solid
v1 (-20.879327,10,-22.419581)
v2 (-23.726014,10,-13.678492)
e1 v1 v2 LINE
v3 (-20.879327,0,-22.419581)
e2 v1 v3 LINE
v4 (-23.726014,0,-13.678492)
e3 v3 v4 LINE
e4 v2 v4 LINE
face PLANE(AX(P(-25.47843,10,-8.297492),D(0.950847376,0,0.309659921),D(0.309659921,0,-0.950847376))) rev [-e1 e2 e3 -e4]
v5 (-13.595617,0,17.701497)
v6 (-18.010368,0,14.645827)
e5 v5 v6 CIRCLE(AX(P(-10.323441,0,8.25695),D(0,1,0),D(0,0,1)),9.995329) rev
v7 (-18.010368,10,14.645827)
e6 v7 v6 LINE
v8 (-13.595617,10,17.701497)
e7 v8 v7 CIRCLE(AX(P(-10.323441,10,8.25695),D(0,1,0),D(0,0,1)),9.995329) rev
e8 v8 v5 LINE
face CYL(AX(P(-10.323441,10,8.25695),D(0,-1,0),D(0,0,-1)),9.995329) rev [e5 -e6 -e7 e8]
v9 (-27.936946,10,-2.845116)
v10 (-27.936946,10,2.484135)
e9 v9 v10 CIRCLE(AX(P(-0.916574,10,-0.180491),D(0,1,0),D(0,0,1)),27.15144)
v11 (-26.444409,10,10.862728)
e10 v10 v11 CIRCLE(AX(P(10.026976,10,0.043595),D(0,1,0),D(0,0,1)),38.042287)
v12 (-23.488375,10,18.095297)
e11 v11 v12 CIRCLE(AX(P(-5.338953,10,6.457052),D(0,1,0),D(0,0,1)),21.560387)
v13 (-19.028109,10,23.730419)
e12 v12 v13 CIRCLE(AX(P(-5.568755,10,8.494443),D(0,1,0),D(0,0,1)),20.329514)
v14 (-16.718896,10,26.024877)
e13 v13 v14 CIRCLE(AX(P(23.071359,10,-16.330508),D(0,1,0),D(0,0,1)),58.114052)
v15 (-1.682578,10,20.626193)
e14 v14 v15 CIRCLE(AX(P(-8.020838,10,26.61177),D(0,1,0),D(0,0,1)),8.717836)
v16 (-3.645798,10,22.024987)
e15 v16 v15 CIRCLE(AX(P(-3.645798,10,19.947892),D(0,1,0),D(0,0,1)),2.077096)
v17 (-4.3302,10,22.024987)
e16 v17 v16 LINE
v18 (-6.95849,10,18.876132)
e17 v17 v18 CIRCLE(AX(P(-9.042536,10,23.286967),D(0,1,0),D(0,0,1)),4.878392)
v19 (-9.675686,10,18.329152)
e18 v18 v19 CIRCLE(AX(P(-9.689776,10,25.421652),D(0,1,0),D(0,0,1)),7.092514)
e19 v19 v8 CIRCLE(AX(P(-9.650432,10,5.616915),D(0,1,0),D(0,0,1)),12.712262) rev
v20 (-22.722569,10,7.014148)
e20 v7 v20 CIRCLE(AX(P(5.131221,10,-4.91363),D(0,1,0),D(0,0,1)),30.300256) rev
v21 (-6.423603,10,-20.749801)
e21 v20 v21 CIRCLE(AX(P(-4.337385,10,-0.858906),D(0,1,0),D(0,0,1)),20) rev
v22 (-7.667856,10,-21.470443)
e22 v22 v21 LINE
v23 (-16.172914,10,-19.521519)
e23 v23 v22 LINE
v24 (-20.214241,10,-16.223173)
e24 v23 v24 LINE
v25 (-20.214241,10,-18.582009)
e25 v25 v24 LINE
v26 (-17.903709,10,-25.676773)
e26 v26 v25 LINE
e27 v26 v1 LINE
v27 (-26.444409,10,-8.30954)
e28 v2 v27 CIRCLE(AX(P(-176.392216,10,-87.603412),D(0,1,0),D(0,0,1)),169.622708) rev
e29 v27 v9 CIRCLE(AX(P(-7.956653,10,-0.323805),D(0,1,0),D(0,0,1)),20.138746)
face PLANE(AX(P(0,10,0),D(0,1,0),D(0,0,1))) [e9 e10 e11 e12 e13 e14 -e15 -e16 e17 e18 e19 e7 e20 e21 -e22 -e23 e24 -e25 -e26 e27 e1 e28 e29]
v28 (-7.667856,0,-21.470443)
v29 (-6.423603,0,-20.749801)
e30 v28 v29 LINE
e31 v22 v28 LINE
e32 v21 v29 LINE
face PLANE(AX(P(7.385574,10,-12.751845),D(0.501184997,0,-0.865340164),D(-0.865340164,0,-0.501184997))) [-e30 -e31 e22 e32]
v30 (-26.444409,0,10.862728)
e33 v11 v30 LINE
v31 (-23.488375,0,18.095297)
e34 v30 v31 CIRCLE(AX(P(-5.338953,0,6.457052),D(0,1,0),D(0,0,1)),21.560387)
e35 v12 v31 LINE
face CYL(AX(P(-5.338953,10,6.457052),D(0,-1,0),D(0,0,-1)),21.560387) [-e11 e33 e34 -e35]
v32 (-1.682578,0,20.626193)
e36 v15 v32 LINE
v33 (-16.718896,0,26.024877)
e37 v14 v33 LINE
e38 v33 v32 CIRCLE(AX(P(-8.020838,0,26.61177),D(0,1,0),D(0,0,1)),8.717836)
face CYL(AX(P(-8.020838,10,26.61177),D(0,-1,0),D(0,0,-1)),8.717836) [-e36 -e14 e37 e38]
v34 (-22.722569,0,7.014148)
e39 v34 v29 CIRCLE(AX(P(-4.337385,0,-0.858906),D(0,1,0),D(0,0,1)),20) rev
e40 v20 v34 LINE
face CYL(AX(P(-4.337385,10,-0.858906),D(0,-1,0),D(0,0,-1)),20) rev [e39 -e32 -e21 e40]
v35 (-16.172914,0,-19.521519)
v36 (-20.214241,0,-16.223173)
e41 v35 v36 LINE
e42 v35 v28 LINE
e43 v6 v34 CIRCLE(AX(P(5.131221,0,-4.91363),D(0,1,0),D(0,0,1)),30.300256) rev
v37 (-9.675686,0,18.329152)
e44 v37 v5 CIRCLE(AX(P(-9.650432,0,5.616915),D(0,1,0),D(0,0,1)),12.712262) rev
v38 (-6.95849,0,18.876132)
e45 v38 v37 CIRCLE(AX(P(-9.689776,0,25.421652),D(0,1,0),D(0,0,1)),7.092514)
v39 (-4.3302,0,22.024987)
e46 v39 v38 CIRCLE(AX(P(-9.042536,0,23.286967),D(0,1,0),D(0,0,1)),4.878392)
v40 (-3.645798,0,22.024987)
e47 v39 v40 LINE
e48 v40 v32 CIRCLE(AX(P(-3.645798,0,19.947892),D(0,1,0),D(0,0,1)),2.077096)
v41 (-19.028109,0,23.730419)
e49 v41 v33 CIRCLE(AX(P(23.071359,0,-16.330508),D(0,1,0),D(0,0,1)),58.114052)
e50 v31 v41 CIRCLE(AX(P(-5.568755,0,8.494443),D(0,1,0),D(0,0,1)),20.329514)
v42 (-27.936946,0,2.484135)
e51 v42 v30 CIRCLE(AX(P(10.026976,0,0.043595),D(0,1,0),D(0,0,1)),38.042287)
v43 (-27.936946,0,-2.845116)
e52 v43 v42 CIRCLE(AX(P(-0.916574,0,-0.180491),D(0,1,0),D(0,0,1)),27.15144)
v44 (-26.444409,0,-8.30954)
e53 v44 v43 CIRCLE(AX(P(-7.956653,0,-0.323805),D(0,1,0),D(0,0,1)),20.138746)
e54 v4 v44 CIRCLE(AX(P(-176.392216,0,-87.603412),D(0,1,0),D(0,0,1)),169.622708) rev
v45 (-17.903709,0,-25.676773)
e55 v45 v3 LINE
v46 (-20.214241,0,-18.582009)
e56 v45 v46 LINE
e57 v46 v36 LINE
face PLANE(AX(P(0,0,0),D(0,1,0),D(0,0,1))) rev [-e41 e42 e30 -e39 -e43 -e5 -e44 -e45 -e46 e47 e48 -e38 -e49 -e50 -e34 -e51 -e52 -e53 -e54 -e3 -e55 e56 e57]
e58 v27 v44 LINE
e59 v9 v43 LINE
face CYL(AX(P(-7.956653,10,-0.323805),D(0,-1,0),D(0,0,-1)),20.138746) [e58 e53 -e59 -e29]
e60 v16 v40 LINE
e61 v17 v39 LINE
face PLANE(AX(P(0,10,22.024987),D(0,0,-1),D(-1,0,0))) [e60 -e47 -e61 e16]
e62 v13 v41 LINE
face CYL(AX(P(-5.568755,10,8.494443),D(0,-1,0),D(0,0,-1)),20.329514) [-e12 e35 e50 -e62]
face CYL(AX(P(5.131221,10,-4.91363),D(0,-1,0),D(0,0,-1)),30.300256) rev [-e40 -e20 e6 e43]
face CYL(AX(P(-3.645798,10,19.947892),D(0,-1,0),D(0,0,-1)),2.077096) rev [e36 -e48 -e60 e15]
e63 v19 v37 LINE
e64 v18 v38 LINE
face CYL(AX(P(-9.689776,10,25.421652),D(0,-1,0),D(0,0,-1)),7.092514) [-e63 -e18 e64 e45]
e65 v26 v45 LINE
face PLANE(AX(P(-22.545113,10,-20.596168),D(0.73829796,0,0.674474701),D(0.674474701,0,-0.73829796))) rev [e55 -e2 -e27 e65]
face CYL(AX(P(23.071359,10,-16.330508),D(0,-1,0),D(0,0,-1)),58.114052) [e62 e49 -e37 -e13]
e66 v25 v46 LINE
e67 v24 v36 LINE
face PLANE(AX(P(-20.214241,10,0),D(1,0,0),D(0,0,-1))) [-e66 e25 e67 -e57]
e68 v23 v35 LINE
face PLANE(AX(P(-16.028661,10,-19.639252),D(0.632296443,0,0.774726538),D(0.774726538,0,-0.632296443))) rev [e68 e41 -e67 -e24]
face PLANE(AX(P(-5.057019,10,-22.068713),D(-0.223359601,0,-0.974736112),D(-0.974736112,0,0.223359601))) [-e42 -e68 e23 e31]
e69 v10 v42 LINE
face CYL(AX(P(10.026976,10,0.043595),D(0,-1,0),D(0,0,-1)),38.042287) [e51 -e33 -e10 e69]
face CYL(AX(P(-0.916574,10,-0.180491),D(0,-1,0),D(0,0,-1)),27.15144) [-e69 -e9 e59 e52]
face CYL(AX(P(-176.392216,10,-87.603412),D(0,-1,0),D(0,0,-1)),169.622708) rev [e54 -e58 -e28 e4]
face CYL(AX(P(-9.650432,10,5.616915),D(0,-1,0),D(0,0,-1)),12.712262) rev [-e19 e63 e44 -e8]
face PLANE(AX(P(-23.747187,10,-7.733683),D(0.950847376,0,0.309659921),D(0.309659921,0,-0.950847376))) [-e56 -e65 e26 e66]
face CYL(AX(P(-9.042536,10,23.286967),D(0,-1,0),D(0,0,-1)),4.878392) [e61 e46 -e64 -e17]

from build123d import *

# Parameters (mm, degrees)
BOSS_EXTRUDE1_DEPTH = 10


with BuildPart() as part:
    # sungu kiri → Boss-Extrude1 (new body)
    with BuildSketch(Plane(origin=(0, 0, 0), x_dir=(1, 0, 0), z_dir=(0, 1, 0))):
        with BuildLine():
            Line((-20.214241335, 18.58200887), (-17.903708636, 25.676772527))
            Line((-17.903708636, 25.676772527), (-20.879327355, 22.419581076))
            Line((-20.879327355, 22.419581076), (-23.726014444, 13.678492013))
            ThreePointArc((-23.726014444, 13.678492013), (-25.061399851, 10.98195956), (-26.444409257, 8.309539974))
            ThreePointArc((-26.444409257, 8.309539974), (-27.383764934, 5.63006722), (-27.936945566, 2.845115782))
            ThreePointArc((-27.936945566, 2.845115782), (-28.068014235, 0.18049064), (-27.936945566, -2.484134502))
            ThreePointArc((-27.936945566, -2.484134502), (-27.425713247, -6.715299694), (-26.444409257, -10.862727794))
            ThreePointArc((-26.444409257, -10.862727794), (-25.296755437, -14.61403578), (-23.488374839, -18.095297119))
            ThreePointArc((-23.488374839, -18.095297119), (-21.509226875, -21.111515913), (-19.028108575, -23.730419207))
            ThreePointArc((-19.028108575, -23.730419207), (-17.889571337, -24.893820319), (-16.718896344, -26.024877014))
            ThreePointArc((-16.718896344, -26.024877014), (-5.074889233, -34.816772241), (-1.682577981, -20.626192702))
            ThreePointArc((-1.682577981, -20.626192702), (-2.440511975, -21.639521262), (-3.645798168, -22.024987085))
            Line((-3.645798168, -22.024987085), (-4.330199558, -22.024987085))
            ThreePointArc((-4.330199558, -22.024987085), (-5.29733591, -20.16091762), (-6.958490383, -18.876132224))
            ThreePointArc((-6.958490383, -18.876132224), (-8.290108773, -18.468617913), (-9.67568618, -18.329152159))
            ThreePointArc((-9.67568618, -18.329152159), (-11.660303974, -18.169286257), (-13.595617391, -17.701496911))
            ThreePointArc((-13.595617391, -17.701496911), (-16.012005666, -16.475638304), (-18.010368345, -14.645827324))
            ThreePointArc((-18.010368345, -14.645827324), (-20.650416196, -11.005311906), (-22.72256926, -7.01414831))
            ThreePointArc((-22.72256926, -7.01414831), (-21.584958488, 10.98418111), (-6.423603233, 20.74980075))
            Line((-6.423603233, 20.74980075), (-7.667855794, 21.470443038))
            Line((-7.667855794, 21.470443038), (-16.17291449, 19.521519125))
            Line((-16.17291449, 19.521519125), (-20.214241335, 16.223172594))
            Line((-20.214241335, 16.223172594), (-20.214241335, 18.58200887))
        make_face()
    extrude(amount=BOSS_EXTRUDE1_DEPTH)


solid = part.part
